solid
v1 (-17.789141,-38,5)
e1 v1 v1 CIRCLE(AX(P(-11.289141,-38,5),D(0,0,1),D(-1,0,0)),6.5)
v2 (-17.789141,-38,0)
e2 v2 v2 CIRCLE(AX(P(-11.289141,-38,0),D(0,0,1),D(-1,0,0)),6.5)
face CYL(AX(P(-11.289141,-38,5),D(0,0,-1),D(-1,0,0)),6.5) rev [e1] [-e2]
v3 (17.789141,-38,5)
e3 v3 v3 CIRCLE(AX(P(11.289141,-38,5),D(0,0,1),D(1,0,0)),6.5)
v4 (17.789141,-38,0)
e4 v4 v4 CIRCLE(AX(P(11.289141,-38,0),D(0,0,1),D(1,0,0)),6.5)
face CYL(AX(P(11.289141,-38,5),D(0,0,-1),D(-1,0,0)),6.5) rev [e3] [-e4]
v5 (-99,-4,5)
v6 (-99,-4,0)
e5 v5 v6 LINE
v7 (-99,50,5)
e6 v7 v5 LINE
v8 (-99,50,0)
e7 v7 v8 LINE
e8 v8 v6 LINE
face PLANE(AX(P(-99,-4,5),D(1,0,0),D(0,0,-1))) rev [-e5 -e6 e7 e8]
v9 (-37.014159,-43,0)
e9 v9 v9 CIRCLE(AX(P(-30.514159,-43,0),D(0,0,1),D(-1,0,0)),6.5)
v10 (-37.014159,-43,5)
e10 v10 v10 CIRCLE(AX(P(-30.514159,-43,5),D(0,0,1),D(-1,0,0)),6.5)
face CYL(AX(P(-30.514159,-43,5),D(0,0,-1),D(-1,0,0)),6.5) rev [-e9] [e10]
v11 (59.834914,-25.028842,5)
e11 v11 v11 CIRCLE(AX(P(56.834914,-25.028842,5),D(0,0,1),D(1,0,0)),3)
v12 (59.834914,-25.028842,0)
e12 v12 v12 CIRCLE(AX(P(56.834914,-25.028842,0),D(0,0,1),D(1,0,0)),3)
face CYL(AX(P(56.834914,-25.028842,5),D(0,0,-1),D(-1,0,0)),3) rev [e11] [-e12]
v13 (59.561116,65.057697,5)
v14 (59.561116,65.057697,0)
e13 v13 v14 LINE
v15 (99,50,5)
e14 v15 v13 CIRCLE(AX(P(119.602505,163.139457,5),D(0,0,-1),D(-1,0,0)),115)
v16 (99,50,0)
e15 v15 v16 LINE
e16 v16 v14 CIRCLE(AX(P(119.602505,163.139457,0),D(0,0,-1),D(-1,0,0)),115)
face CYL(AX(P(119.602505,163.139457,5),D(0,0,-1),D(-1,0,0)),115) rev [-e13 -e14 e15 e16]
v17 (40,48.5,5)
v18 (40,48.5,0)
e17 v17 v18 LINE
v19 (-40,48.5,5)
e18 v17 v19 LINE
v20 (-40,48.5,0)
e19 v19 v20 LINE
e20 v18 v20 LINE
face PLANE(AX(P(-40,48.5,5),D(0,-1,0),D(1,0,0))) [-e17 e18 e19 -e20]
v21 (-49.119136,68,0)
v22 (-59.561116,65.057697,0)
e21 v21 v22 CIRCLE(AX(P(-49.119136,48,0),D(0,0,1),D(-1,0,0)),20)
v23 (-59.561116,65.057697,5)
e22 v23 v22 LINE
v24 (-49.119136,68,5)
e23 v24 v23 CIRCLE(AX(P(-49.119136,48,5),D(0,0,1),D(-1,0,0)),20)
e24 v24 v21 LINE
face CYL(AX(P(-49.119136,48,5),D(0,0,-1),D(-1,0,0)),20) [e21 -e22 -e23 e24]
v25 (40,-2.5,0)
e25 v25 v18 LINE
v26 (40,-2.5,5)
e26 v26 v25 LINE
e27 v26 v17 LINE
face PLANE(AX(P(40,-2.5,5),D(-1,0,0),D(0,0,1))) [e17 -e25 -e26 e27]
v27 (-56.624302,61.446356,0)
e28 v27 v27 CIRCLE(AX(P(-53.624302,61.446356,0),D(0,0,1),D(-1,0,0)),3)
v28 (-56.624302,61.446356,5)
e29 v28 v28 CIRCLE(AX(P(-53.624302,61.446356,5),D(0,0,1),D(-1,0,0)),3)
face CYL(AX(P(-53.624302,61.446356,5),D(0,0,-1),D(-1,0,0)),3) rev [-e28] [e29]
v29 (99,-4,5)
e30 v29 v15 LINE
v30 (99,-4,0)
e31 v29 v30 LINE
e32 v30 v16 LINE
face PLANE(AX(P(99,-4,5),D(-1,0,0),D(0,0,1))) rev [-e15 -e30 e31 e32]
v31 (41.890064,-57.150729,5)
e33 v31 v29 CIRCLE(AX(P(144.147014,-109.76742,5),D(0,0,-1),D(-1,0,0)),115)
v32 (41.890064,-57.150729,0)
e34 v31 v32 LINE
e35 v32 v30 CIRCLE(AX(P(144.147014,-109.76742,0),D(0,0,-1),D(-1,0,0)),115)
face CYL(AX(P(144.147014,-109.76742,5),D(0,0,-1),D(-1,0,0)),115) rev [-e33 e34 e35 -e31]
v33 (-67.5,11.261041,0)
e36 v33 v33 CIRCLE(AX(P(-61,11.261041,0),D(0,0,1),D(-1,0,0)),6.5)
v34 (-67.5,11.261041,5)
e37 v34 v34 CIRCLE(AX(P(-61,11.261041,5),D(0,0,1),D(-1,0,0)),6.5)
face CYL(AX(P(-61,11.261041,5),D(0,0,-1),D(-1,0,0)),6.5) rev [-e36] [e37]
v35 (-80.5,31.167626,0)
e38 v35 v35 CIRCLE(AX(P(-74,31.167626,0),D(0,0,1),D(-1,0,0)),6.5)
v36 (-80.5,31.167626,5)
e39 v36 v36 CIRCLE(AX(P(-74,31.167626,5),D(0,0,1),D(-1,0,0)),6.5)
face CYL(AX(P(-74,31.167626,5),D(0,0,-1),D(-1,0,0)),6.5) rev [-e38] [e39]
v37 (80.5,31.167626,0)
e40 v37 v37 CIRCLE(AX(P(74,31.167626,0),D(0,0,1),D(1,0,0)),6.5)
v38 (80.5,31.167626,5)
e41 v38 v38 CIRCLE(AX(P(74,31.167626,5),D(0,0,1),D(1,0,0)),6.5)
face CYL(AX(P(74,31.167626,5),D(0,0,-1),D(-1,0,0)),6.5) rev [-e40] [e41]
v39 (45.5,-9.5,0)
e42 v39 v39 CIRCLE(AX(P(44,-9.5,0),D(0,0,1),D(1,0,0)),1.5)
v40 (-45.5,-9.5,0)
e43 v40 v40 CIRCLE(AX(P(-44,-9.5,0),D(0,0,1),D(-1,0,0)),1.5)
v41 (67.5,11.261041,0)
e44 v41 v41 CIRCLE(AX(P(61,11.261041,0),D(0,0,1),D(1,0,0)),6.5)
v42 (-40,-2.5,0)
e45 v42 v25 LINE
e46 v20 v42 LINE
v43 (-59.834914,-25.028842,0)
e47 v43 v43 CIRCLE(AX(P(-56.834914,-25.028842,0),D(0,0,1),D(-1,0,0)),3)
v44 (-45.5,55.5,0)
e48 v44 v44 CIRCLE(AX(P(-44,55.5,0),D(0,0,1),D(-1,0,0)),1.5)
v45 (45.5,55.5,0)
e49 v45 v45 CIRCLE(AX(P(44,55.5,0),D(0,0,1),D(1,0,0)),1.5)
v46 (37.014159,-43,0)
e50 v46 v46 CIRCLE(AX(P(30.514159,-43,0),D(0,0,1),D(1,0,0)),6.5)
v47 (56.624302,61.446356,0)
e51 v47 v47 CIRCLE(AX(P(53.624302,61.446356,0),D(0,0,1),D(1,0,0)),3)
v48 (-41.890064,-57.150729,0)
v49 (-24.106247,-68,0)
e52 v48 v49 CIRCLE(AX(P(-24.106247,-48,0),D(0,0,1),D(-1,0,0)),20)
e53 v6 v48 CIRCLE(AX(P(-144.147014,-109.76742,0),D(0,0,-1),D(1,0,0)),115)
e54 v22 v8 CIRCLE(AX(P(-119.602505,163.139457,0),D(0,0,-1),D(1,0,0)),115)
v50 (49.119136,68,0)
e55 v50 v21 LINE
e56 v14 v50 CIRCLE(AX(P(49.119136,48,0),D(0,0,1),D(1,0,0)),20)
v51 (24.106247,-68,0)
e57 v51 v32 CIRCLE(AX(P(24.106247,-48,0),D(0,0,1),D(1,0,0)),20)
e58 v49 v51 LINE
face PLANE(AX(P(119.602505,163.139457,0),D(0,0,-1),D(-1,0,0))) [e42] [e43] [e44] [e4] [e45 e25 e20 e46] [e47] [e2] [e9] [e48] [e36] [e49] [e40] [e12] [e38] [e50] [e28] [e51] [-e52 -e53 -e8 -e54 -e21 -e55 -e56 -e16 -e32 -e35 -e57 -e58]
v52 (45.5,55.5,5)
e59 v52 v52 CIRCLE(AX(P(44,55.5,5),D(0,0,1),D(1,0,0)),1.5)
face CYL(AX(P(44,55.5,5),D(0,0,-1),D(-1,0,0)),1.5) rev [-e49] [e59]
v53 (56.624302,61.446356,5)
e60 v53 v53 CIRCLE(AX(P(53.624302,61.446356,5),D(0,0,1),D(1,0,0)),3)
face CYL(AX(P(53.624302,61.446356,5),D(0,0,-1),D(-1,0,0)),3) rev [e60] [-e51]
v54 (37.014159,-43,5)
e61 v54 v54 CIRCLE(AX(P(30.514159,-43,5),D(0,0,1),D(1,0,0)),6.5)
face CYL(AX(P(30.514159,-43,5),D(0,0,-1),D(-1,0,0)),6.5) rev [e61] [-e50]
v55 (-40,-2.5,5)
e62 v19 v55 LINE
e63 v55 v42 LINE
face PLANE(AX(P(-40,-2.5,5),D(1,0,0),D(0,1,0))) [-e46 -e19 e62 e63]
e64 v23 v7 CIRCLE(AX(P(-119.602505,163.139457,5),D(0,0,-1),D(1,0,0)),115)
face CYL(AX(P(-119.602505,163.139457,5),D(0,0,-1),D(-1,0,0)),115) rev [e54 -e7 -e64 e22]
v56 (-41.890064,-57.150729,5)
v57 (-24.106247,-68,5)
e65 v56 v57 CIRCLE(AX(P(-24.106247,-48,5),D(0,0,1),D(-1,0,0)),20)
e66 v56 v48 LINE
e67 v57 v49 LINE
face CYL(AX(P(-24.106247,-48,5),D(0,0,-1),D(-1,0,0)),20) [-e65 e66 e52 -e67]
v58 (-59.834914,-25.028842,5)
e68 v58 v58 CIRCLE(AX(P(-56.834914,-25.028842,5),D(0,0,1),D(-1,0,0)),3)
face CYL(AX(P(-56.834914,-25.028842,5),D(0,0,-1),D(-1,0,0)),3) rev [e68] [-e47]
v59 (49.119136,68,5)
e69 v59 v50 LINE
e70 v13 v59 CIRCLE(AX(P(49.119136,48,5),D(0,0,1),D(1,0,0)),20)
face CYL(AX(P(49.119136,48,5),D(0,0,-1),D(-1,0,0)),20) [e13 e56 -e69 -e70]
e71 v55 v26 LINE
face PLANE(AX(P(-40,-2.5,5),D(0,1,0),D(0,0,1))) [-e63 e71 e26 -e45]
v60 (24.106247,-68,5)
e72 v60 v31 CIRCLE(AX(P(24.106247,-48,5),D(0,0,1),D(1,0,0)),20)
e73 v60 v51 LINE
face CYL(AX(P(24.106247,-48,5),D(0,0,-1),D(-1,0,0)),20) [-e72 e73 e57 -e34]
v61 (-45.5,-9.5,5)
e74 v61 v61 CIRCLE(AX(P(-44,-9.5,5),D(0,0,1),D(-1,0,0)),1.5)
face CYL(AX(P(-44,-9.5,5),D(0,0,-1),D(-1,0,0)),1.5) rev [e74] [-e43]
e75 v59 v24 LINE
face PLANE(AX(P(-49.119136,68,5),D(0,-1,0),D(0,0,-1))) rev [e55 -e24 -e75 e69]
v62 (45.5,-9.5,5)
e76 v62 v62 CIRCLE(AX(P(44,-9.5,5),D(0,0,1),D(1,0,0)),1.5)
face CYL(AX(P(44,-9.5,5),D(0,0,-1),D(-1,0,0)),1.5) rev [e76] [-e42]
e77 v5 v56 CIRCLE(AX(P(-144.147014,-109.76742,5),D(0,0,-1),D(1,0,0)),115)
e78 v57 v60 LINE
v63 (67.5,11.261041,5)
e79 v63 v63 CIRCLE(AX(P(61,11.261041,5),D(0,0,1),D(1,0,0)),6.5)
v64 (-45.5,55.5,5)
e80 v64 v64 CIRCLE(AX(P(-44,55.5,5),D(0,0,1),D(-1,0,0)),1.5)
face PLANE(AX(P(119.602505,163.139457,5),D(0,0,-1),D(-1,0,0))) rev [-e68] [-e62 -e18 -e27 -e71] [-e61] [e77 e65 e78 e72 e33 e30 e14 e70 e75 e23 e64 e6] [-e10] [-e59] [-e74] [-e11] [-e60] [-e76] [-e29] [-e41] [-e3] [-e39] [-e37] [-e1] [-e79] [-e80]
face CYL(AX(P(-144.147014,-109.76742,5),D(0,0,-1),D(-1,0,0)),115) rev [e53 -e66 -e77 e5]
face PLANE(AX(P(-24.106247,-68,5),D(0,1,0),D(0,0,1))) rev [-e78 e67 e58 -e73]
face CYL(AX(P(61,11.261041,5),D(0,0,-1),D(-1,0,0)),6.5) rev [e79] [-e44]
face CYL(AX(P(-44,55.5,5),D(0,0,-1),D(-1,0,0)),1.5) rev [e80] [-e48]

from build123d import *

# Parameters (mm, degrees)
ESBO_O1_R                = 6.5
ESBO_O1_R_2              = 3
ESBO_O1_R_3              = 1.5
ESBO_O1_W                = 80
ESBO_O1_H                = 51
RESSALTO_EXTRUS_O1_DEPTH = 5


with BuildPart() as part:
    # Esboço1 → Ressalto-extrusão1 (new body)
    with BuildSketch(Plane.XY):
        with BuildLine():
            Line((-49.119135606, 68), (49.119135606, 68))
            ThreePointArc((49.119135606, 68), (54.543435225, 67.250375935), (59.56111629, 65.057697365))
            ThreePointArc((59.56111629, 65.057697365), (78.583692726, 55.703629757), (99, 50))
            Line((99, 50), (99, -4))
            ThreePointArc((99, -4), (65.800143376, -25.584477196), (41.890064111, -57.150728877))
            ThreePointArc((41.890064111, -57.150728877), (34.522230169, -65.073584532), (24.106246719, -68))
            Line((24.106246719, -68), (-24.106246719, -68))
            ThreePointArc((-24.106246719, -68), (-34.522230169, -65.073584532), (-41.890064111, -57.150728877))
            ThreePointArc((-41.890064111, -57.150728877), (-65.800143376, -25.584477196), (-99, -4))
            Line((-99, -4), (-99, 50))
            ThreePointArc((-99, 50), (-78.583692726, 55.703629757), (-59.56111629, 65.057697365))
            ThreePointArc((-59.56111629, 65.057697365), (-54.543435225, 67.250375935), (-49.119135606, 68))
        make_face()
        with Locations((74, 31.167626134)):
            Circle(ESBO_O1_R, mode=Mode.SUBTRACT)
        with Locations((61, 11.261041117)):
            Circle(ESBO_O1_R, mode=Mode.SUBTRACT)
        with Locations((11.289140568, -38)):
            Circle(ESBO_O1_R, mode=Mode.SUBTRACT)
        with Locations((30.514158569, -43)):
            Circle(ESBO_O1_R, mode=Mode.SUBTRACT)
        with Locations((-53.62430165, 61.446355775)):
            Circle(ESBO_O1_R_2, mode=Mode.SUBTRACT)
        with Locations((-56.834913612, -25.028841797)):
            Circle(ESBO_O1_R_2, mode=Mode.SUBTRACT)
        with Locations((-44, 55.5)):
            Circle(ESBO_O1_R_3, mode=Mode.SUBTRACT)
        with Locations((-44, -9.5)):
            Circle(ESBO_O1_R_3, mode=Mode.SUBTRACT)
        with Locations((44, -9.5)):
            Circle(ESBO_O1_R_3, mode=Mode.SUBTRACT)
        with Locations((44, 55.5)):
            Circle(ESBO_O1_R_3, mode=Mode.SUBTRACT)
        with Locations((56.834913612, -25.028841797)):
            Circle(ESBO_O1_R_2, mode=Mode.SUBTRACT)
        with Locations((-30.514158569, -43)):
            Circle(ESBO_O1_R, mode=Mode.SUBTRACT)
        with Locations((-11.289140568, -38)):
            Circle(ESBO_O1_R, mode=Mode.SUBTRACT)
        with Locations((-61, 11.261041117)):
            Circle(ESBO_O1_R, mode=Mode.SUBTRACT)
        with Locations((53.62430165, 61.446355775)):
            Circle(ESBO_O1_R_2, mode=Mode.SUBTRACT)
        with Locations((-74, 31.167626134)):
            Circle(ESBO_O1_R, mode=Mode.SUBTRACT)
        with Locations((0, 23)):
            Rectangle(ESBO_O1_W, ESBO_O1_H, mode=Mode.SUBTRACT)
    extrude(amount=RESSALTO_EXTRUS_O1_DEPTH)


solid = part.part
